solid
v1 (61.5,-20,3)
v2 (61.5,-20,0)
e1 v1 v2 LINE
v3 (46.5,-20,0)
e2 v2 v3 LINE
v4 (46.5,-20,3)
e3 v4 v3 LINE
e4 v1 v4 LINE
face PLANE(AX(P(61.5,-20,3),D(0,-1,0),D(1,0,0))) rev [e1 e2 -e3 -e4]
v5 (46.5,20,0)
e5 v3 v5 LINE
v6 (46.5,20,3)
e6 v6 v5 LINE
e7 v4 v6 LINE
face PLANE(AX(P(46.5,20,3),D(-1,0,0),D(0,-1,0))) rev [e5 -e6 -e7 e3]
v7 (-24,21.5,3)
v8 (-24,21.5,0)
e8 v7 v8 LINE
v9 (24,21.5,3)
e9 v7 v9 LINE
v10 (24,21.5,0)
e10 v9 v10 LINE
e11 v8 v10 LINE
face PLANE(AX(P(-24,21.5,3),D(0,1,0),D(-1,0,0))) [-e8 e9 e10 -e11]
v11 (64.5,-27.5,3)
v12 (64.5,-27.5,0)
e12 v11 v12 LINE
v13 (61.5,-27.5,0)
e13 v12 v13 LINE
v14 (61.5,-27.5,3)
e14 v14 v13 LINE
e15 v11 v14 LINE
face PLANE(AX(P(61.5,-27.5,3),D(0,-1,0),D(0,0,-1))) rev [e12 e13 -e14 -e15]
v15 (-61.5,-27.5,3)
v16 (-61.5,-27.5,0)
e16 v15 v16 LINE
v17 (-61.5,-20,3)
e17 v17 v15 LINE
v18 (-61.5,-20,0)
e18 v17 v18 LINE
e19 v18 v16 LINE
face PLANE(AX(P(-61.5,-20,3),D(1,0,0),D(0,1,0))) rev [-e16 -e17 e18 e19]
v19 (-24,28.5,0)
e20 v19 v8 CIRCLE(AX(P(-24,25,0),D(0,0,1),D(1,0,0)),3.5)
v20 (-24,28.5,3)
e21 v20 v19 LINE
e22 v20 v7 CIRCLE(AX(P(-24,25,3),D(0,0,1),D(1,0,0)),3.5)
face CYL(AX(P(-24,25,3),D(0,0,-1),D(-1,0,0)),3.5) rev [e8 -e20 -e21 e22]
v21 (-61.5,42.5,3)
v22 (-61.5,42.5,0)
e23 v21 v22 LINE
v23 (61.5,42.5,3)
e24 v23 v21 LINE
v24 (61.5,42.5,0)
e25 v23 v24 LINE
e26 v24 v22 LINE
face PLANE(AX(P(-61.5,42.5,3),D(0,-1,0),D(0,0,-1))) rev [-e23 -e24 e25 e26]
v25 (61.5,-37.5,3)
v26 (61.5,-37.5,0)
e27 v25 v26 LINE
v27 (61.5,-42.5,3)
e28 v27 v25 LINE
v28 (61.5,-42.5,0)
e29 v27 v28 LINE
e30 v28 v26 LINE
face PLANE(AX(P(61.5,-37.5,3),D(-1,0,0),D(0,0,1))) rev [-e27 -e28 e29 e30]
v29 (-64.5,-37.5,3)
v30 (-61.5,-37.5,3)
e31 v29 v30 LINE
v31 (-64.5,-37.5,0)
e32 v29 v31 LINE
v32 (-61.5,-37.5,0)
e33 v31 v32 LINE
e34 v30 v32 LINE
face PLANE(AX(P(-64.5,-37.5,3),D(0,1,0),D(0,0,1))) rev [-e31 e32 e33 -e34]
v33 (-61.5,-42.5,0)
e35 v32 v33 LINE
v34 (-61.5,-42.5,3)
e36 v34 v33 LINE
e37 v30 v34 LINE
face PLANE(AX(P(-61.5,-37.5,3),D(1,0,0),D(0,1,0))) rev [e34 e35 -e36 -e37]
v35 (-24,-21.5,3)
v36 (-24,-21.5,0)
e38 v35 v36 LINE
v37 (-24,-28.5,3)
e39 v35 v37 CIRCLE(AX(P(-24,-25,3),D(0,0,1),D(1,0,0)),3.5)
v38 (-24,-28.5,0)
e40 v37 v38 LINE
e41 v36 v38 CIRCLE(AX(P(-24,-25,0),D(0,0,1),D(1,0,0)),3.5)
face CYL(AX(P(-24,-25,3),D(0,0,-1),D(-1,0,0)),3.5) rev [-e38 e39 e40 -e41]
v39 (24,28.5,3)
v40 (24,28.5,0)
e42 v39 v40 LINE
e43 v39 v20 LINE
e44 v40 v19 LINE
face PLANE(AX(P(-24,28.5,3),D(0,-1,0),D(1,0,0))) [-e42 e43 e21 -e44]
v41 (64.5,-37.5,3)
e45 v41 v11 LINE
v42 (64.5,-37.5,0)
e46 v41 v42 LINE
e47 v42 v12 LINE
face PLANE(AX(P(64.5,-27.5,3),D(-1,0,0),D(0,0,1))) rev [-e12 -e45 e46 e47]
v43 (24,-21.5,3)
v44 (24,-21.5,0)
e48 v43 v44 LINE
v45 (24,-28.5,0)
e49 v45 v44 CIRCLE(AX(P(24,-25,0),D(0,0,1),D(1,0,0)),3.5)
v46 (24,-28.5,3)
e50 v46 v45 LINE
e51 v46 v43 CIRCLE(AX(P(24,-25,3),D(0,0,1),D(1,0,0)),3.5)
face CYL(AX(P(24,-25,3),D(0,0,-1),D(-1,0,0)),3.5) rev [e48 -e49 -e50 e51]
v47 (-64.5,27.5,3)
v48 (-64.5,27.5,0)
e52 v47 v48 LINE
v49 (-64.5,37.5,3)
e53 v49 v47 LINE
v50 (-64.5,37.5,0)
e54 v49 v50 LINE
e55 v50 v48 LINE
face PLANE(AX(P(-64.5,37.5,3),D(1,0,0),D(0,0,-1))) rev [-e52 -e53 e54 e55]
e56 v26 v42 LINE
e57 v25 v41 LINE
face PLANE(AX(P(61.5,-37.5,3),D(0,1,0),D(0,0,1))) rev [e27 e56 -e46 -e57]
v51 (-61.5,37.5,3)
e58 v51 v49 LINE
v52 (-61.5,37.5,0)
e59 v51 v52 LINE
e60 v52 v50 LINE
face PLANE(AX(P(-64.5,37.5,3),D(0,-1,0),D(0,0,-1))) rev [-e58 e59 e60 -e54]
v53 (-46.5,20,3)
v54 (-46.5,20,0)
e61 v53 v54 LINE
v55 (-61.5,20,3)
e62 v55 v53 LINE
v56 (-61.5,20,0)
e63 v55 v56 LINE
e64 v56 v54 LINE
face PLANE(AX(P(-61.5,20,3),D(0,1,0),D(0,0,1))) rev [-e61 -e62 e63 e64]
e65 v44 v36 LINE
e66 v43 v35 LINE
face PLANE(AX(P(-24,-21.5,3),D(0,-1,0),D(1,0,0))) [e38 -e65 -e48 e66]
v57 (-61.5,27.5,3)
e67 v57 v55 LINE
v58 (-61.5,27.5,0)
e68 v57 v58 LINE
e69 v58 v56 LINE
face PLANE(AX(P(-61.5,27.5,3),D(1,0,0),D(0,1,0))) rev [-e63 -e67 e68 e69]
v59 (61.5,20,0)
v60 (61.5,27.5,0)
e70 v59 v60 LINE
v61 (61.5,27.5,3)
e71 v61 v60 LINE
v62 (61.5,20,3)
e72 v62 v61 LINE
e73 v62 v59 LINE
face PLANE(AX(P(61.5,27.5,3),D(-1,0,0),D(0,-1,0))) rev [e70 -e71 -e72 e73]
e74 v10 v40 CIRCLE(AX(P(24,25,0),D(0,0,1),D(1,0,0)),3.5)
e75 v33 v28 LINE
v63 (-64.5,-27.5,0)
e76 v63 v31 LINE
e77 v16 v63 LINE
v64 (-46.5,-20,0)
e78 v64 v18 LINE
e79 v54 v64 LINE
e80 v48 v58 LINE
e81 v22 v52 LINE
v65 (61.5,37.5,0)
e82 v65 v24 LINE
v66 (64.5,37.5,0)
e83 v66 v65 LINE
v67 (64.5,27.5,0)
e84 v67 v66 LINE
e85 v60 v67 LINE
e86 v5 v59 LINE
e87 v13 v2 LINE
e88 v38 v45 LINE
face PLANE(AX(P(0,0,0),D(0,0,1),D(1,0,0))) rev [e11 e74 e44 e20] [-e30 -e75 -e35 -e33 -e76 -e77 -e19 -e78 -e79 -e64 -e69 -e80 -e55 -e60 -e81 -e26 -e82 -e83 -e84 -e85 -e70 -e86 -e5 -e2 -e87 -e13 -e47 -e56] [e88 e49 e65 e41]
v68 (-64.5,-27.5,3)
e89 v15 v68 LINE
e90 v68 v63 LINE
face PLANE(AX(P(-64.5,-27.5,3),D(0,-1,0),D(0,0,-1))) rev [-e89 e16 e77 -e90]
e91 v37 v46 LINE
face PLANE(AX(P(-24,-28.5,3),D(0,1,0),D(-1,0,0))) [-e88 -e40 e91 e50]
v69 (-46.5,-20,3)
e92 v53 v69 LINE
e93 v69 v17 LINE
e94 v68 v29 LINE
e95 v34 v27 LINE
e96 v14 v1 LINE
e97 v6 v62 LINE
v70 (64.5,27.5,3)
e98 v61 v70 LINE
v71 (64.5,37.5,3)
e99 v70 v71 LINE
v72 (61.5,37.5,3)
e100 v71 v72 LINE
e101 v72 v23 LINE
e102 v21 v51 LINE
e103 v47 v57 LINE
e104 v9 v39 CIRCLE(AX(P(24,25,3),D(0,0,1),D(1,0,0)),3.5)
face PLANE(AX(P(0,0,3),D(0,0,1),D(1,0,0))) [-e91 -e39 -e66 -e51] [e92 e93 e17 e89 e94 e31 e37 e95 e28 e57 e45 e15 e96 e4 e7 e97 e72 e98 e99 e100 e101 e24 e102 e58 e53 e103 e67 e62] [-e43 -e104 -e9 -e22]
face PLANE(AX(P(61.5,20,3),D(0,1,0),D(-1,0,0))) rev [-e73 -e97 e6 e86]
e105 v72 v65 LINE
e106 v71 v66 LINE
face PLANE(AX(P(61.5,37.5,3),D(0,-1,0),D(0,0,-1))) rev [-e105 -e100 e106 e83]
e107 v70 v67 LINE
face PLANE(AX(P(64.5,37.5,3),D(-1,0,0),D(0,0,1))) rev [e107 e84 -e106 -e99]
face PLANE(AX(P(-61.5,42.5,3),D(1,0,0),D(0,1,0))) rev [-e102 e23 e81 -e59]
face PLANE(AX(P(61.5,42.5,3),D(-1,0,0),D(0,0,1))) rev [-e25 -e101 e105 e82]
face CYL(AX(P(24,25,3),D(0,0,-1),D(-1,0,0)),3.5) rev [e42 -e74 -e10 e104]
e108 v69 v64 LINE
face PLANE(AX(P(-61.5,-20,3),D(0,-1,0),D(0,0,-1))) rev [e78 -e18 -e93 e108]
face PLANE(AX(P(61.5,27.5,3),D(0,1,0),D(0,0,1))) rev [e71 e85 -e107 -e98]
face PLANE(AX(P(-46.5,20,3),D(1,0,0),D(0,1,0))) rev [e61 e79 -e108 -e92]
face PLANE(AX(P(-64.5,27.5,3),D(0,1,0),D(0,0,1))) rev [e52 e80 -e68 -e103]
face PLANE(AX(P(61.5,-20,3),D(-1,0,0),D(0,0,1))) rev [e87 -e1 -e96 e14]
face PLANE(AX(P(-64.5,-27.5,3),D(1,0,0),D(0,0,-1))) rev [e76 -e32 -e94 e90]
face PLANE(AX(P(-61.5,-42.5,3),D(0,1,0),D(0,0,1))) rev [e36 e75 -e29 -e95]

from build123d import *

# Parameters (mm, degrees)
BOSS_EXTRUDE3_DEPTH = 3


with BuildPart() as part:
    # Sketch1 → Boss-Extrude3 (new body)
    with BuildSketch(Plane.XY):
        Polygon((-61.5, 27.5), (-61.5, 20), (-46.5, 20), (-46.5, -20), (-61.5, -20), (-61.5, -27.5), (-64.5, -27.5), (-64.5, -37.5), (-61.5, -37.5), (-61.5, -42.5), (61.5, -42.5), (61.5, -37.5), (64.5, -37.5), (64.5, -27.5), (61.5, -27.5), (61.5, -20), (46.5, -20), (46.5, 20), (61.5, 20), (61.5, 27.5), (64.5, 27.5), (64.5, 37.5), (61.5, 37.5), (61.5, 42.5), (-61.5, 42.5), (-61.5, 37.5), (-64.5, 37.5), (-64.5, 27.5), align=None)
        with BuildLine():
            Line((-24, 28.5), (24, 28.5))
            ThreePointArc((24, 28.5), (27.5, 25), (24, 21.5))
            Line((24, 21.5), (-24, 21.5))
            ThreePointArc((-24, 21.5), (-27.5, 25), (-24, 28.5))
        make_face(mode=Mode.SUBTRACT)
        with BuildLine():
            Line((-24, -21.5), (24, -21.5))
            ThreePointArc((24, -21.5), (27.5, -25), (24, -28.5))
            Line((24, -28.5), (-24, -28.5))
            ThreePointArc((-24, -28.5), (-27.5, -25), (-24, -21.5))
        make_face(mode=Mode.SUBTRACT)
    extrude(amount=BOSS_EXTRUDE3_DEPTH)


solid = part.part
